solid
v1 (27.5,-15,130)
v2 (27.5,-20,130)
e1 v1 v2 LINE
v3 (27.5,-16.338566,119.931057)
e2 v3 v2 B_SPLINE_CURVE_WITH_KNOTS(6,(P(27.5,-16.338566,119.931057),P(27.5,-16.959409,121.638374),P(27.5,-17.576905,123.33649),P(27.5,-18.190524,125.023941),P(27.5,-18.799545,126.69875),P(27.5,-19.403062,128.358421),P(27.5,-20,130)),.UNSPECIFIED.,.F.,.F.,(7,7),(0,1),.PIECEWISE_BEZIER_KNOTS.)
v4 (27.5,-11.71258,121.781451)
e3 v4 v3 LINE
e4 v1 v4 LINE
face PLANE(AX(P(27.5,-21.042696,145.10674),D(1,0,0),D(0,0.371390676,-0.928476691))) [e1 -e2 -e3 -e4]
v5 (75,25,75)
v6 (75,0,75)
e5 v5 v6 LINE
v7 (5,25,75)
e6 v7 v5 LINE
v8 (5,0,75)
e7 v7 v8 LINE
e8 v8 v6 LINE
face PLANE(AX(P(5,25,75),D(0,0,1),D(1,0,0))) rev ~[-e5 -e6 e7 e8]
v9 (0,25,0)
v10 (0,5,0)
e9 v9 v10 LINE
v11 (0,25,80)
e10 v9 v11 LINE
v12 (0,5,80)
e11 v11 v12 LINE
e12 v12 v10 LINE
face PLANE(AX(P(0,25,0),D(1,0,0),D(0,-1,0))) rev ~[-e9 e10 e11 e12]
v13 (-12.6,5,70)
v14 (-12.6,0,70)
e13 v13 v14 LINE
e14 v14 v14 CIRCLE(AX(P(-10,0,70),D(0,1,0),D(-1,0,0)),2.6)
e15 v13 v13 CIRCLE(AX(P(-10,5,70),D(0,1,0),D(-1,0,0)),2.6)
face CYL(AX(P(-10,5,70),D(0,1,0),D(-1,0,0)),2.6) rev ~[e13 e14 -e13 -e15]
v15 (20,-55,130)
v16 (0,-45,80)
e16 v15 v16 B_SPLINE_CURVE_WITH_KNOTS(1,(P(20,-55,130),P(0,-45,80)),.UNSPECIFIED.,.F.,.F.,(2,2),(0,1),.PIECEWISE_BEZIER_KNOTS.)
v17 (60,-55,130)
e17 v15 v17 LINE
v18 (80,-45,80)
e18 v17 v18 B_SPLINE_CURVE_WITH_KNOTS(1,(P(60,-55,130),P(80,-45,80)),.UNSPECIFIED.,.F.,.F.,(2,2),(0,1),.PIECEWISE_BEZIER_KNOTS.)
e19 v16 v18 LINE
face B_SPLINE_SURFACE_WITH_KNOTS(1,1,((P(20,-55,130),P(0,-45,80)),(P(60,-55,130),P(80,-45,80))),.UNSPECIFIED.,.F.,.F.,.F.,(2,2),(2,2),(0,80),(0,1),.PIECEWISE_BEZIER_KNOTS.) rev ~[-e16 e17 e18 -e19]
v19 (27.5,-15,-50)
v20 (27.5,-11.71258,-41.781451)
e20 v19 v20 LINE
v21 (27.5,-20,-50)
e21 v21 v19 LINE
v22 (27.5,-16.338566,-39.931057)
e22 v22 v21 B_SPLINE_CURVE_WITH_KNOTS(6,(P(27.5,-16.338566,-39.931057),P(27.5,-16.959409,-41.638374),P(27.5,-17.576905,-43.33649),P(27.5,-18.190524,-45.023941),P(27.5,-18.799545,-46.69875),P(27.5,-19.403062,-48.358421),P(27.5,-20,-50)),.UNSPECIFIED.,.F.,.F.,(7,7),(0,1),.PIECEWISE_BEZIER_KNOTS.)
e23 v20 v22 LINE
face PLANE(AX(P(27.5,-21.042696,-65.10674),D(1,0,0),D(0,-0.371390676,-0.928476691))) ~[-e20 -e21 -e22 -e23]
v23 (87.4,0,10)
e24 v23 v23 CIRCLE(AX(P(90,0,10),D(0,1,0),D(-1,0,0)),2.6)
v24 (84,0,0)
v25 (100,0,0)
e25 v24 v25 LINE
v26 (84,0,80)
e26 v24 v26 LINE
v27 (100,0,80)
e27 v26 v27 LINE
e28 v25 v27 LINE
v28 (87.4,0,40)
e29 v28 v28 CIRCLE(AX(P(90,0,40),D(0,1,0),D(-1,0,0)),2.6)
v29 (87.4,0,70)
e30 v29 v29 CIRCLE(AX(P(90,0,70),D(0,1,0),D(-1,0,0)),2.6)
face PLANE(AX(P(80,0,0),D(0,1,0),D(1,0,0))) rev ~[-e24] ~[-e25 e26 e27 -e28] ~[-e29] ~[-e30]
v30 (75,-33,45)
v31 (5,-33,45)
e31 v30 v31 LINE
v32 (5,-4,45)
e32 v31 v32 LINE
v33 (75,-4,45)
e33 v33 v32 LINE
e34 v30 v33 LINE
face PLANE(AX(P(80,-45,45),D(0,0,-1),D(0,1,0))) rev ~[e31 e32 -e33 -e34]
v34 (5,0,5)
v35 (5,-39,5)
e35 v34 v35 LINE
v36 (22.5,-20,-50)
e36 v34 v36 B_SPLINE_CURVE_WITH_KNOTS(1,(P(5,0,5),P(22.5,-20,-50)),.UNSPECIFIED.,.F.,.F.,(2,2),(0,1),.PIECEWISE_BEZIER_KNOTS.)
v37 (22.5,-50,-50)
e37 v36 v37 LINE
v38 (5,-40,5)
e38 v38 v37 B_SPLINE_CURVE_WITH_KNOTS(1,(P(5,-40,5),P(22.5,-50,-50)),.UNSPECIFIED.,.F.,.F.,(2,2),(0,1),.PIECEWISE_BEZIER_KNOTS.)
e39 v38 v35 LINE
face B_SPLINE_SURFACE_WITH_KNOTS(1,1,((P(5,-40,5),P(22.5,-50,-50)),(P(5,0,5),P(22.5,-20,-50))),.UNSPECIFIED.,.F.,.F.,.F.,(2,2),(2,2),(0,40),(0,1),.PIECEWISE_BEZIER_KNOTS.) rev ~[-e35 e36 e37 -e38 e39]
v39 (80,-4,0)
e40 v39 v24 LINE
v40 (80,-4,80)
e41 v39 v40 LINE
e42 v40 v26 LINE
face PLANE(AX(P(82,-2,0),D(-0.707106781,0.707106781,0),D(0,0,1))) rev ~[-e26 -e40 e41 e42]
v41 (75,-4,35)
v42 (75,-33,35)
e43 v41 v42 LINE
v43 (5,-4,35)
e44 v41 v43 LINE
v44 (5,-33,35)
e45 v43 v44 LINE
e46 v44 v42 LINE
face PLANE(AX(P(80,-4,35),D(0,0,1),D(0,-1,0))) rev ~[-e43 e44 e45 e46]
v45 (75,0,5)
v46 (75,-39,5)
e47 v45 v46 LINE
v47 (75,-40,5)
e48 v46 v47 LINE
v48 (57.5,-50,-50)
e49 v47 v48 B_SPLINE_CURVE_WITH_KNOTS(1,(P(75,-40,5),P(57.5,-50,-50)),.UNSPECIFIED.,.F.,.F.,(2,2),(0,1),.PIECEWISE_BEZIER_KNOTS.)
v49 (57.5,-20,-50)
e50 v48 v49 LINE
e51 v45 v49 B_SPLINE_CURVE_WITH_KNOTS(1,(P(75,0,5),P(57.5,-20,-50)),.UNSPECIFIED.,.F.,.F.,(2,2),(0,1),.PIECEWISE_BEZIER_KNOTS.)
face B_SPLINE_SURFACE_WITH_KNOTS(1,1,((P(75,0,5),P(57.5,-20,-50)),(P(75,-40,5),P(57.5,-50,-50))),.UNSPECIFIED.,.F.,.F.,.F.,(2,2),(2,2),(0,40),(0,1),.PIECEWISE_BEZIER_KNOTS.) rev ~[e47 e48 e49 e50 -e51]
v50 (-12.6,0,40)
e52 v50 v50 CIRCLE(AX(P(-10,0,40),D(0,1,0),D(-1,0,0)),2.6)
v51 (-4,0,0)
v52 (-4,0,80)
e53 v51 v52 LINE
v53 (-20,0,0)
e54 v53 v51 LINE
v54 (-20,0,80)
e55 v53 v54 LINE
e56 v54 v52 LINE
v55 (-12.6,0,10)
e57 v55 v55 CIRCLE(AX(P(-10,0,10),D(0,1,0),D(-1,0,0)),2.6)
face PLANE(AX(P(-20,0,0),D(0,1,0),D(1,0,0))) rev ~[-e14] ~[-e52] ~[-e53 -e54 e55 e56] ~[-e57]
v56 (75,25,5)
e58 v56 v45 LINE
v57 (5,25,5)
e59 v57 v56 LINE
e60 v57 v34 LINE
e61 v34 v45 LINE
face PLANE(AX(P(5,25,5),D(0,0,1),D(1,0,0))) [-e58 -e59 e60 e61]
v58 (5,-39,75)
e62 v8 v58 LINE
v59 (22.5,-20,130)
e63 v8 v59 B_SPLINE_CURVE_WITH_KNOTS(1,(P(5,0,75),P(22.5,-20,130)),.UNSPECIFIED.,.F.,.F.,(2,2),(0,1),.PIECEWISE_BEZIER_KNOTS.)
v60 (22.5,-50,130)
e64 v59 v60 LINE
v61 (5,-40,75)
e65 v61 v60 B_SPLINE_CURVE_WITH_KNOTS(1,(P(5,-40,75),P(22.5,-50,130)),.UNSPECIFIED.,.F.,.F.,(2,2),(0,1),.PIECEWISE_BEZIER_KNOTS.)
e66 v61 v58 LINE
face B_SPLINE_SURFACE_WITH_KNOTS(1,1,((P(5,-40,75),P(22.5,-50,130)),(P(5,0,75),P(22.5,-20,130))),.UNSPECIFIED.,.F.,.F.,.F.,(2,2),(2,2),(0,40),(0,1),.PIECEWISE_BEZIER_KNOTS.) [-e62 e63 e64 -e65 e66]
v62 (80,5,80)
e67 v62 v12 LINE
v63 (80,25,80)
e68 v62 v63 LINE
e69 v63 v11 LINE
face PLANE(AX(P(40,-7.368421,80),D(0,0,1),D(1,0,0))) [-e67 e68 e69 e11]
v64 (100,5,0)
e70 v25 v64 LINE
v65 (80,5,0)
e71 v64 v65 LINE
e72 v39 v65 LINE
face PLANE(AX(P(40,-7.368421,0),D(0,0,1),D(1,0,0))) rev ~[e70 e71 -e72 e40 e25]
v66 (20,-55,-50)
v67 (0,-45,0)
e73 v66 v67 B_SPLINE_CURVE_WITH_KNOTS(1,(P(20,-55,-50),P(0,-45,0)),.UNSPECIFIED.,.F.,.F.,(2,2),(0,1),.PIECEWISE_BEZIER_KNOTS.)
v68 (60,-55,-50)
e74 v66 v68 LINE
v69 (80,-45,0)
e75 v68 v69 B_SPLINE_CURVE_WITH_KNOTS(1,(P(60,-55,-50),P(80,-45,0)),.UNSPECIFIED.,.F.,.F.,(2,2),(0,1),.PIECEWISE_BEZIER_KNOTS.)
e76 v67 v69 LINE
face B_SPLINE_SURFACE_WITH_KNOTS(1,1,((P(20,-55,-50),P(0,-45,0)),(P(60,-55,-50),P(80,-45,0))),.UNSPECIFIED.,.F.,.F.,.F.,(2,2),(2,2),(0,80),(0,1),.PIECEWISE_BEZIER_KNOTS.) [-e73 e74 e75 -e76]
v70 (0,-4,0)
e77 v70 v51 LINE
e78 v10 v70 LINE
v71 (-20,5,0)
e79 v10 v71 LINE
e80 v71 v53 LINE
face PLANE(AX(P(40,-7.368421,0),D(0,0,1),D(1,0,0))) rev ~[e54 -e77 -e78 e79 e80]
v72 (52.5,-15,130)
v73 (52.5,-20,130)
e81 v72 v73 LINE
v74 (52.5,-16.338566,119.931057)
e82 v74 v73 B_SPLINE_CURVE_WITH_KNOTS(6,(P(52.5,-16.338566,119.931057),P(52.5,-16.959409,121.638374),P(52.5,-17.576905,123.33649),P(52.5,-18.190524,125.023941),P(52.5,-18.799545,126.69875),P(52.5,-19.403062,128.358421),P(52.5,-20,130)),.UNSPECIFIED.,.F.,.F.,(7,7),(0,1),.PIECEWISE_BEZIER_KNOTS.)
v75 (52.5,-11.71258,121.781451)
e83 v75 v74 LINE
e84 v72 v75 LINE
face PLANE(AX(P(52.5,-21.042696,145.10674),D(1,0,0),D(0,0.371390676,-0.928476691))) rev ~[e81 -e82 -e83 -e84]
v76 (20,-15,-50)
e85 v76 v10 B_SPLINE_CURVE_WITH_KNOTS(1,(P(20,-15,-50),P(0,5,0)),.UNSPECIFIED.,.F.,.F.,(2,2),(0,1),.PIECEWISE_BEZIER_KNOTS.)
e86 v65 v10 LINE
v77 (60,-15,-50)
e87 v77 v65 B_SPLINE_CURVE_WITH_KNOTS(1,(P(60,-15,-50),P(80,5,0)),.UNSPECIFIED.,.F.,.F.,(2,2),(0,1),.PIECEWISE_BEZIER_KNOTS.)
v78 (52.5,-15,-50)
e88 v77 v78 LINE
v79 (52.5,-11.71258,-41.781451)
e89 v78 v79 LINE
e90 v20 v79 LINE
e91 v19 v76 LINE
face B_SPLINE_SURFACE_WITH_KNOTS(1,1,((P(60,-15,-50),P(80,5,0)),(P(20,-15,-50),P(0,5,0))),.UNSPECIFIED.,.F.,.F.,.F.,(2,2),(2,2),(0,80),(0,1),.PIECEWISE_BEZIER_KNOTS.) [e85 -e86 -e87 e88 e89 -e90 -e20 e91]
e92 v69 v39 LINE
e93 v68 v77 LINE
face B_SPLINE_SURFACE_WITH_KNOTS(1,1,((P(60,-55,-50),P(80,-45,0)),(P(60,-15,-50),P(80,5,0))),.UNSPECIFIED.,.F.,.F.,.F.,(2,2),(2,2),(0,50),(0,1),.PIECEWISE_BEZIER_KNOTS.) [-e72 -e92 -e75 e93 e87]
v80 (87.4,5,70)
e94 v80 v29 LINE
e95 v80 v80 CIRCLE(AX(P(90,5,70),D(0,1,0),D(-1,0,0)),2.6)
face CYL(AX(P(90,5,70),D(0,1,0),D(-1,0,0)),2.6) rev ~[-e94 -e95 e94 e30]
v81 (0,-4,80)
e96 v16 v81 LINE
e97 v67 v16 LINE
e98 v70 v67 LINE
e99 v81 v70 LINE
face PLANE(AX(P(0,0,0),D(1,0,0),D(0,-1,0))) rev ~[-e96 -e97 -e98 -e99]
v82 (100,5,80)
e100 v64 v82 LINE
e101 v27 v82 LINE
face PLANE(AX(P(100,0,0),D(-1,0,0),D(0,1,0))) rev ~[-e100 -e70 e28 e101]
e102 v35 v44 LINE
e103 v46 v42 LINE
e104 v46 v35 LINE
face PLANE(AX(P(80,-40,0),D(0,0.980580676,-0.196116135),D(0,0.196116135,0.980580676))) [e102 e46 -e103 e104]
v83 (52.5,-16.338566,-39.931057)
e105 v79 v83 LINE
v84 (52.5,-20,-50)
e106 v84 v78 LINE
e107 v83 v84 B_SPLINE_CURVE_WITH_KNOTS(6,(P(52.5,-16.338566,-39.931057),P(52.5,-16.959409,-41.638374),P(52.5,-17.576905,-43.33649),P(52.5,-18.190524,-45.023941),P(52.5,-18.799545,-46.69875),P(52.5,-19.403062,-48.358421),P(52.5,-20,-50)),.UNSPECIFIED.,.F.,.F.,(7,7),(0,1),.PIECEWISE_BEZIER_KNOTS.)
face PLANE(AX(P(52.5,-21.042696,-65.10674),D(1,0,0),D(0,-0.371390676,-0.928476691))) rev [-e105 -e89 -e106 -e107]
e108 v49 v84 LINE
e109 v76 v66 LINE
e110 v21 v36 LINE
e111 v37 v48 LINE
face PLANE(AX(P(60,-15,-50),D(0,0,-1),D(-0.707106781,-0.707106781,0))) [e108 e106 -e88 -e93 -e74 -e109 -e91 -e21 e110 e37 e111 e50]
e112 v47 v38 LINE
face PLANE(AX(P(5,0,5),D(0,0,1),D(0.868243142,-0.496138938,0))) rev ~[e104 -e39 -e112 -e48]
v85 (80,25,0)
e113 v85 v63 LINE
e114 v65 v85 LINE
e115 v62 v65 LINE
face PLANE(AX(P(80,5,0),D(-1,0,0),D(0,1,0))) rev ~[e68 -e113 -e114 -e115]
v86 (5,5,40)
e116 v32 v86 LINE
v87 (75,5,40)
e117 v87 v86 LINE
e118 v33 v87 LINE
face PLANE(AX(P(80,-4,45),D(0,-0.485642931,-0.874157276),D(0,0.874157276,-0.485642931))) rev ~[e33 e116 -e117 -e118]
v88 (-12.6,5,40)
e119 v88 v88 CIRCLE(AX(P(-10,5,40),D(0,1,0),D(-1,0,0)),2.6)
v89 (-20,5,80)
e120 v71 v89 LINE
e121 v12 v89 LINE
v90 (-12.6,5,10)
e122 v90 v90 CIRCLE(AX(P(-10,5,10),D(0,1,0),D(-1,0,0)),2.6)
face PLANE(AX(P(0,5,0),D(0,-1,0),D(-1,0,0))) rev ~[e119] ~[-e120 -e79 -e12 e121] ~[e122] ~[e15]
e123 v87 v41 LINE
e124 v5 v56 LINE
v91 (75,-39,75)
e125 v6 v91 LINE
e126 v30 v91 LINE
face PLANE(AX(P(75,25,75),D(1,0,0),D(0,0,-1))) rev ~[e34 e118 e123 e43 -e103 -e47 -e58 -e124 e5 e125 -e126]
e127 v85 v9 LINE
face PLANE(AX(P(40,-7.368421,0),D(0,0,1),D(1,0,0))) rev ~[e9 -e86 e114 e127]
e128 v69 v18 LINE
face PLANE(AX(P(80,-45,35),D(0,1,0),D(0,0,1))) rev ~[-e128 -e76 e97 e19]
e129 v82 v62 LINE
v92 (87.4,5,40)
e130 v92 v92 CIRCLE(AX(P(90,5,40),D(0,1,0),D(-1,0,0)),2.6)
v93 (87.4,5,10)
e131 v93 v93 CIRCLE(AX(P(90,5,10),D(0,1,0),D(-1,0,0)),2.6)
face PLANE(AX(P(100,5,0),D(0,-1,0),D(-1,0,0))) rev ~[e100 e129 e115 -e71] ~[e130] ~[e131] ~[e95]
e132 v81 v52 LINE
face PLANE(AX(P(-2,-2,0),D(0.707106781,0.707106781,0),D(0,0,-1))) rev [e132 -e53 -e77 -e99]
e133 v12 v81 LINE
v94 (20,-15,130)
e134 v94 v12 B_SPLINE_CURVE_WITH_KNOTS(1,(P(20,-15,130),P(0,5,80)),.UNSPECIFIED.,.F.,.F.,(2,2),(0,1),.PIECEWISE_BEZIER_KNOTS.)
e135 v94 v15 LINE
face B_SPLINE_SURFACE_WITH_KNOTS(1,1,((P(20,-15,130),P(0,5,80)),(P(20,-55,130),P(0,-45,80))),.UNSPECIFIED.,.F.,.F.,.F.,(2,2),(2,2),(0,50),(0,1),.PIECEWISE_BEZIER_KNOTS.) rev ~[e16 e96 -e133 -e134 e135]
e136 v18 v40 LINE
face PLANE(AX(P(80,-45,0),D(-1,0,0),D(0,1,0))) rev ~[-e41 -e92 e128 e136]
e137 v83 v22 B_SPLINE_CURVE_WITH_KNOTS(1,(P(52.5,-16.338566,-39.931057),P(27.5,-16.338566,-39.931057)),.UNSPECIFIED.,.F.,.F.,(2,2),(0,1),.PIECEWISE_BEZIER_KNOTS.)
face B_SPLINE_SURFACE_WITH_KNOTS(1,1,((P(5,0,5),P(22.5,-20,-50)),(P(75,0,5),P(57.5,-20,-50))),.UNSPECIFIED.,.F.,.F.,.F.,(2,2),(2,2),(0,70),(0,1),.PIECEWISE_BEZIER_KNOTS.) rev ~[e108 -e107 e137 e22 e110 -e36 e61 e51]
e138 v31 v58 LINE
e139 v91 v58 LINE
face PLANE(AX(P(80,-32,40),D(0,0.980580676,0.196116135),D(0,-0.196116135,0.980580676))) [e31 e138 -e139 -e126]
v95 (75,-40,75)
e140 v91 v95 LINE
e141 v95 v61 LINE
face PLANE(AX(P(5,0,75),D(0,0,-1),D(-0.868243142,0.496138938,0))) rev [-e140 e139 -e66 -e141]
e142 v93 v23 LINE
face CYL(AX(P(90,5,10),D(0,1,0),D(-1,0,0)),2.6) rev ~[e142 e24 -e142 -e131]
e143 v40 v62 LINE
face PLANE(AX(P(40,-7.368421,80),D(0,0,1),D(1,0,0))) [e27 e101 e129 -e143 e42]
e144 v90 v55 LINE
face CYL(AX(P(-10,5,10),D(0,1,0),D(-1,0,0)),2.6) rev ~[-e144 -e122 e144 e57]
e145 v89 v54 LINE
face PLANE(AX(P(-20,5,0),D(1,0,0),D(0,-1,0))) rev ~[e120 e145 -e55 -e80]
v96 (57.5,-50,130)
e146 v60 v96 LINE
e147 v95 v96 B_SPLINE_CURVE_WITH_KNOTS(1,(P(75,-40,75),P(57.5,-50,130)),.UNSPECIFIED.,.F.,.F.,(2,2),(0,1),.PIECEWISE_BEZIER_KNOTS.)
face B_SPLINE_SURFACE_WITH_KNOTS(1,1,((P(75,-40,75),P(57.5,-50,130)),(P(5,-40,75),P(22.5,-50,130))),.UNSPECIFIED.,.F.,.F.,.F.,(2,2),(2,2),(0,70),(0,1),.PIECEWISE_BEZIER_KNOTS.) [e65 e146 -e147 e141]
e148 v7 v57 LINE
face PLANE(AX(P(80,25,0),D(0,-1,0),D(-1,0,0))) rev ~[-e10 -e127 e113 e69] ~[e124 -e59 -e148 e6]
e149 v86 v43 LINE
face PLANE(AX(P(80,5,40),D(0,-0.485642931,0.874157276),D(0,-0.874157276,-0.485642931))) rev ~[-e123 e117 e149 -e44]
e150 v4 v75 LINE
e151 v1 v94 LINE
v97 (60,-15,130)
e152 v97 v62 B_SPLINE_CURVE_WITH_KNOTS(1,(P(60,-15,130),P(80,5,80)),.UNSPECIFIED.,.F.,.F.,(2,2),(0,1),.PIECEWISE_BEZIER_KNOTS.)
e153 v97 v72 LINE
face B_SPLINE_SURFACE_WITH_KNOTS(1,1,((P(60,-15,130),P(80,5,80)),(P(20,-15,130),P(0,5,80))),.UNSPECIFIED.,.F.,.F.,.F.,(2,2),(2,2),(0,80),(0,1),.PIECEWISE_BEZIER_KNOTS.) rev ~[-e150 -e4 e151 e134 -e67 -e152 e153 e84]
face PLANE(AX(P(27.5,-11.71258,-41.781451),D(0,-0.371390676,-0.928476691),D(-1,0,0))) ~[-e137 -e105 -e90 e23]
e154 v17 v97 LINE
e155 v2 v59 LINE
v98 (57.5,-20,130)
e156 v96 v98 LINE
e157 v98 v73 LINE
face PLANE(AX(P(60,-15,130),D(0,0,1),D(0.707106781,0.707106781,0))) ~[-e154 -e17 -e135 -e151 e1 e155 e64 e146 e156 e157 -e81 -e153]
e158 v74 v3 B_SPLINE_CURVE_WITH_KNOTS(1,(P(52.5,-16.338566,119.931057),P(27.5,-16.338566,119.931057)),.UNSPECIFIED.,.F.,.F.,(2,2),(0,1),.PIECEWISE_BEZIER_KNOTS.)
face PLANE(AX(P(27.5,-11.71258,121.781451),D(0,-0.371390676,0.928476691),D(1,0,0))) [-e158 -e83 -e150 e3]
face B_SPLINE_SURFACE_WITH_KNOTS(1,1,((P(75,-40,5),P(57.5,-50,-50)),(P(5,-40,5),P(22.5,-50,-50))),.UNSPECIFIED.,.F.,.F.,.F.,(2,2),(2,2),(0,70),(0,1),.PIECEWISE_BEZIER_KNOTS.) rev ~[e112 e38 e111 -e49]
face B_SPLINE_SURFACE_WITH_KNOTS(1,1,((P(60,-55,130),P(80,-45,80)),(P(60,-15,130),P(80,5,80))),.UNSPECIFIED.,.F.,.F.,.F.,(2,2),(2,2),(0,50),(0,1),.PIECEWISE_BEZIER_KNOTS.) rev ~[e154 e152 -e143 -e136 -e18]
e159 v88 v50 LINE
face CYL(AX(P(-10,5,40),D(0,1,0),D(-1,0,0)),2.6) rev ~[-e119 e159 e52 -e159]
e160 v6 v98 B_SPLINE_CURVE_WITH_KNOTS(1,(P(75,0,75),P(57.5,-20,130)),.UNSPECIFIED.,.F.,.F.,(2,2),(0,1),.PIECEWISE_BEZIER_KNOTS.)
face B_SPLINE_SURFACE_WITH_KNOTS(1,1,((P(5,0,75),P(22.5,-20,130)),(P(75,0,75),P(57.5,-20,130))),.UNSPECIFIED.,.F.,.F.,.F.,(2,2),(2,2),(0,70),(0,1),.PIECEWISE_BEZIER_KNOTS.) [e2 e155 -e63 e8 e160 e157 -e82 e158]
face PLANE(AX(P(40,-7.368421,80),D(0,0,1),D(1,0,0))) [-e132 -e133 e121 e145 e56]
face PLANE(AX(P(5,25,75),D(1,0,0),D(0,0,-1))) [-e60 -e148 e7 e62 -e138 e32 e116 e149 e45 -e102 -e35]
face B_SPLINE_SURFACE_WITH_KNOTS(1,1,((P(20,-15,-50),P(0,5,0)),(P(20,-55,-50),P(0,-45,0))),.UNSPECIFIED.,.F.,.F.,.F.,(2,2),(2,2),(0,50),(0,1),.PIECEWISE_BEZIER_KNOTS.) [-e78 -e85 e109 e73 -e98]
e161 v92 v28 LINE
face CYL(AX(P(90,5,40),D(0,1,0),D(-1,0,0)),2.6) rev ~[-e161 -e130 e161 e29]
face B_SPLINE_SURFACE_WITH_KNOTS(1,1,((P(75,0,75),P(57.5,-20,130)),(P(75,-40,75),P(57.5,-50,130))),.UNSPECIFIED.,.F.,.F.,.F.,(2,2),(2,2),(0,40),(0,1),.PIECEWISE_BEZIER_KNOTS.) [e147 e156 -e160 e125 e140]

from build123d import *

# Parameters (mm, degrees)
EXTRUDE_1_DEPTH     = 80
SKETCH_4_R          = 2.6
CUT_EXTRUDE_2_DEPTH = 150
CHAMFER_1_SIZE      = 4
CHAMFER_2_SIZE      = 4
SKETCH_8_W          = 70
SKETCH_8_H          = 70
CUT_EXTRUDE_3_DEPTH = 70
EXTRUDE_3_DEPTH     = 80
EXTRUDE_4_DEPTH     = 80
SKETCH_25_W         = 25
SKETCH_25_H         = 25.122105301
CUT_EXTRUDE_8_DEPTH = 20


with BuildPart() as part:
    # 草图2 → 凸台-拉伸1 (new body)
    with BuildSketch(Plane.XY):
        Polygon((0, 0), (0, -45), (80, -45), (80, 0), (100, 0), (100, 5), (80, 5), (80, 25), (0, 25), (0, 5), (-20, 5), (-20, 0), align=None)
    extrude(amount=EXTRUDE_1_DEPTH)

    # 草图4 → 切除-拉伸2 (cut)
    with BuildSketch(Plane(origin=(0, 5, 0), x_dir=(1, 0, 0), z_dir=(0, 1, 0))):
        with Locations(Location((-10, -40, 0), (0, 0, 180))):
            Circle(SKETCH_4_R)
        with Locations(Location((-10, -70, 0), (0, 0, 180))):
            Circle(SKETCH_4_R)
        with Locations(Location((-10, -10, 0), (0, 0, 180))):
            Circle(SKETCH_4_R)
        with Locations(Location((90, -10, 0), (0, 0, 180))):
            Circle(SKETCH_4_R)
        with Locations(Location((90, -40, 0), (0, 0, 180))):
            Circle(SKETCH_4_R)
        with Locations(Location((90, -70, 0), (0, 0, 180))):
            Circle(SKETCH_4_R)
    extrude(amount=-CUT_EXTRUDE_2_DEPTH, mode=Mode.SUBTRACT)

    # 倒角1
    chamfer_1_edges = [part.edges().sort_by_distance(p)[0] for p in [
        (80, 0, 40),
    ]]
    chamfer(chamfer_1_edges, length=CHAMFER_1_SIZE)

    # 倒角2
    chamfer_2_edges = [part.edges().sort_by_distance(p)[0] for p in [
        (0, 0, 40),
    ]]
    chamfer(chamfer_2_edges, length=CHAMFER_2_SIZE)

    # 草图8 → 切除-拉伸3 (cut)
    with BuildSketch(Plane(origin=(0, 25, 0), x_dir=(1, 0, 0), z_dir=(0, 1, 0))):
        with Locations((40, -40)):
            Rectangle(SKETCH_8_W, SKETCH_8_H)
    extrude(amount=-CUT_EXTRUDE_3_DEPTH, mode=Mode.SUBTRACT)

    # 草图19 → 放样3 section 0
    with BuildSketch(Plane(origin=(0, 0, -50), x_dir=(-1, 0, 0), z_dir=(0, 0, -1))):
        with BuildLine():
            Line((-60, -15), (-20, -15))
            Line((-20, -15), (-20, -55))
            Line((-20, -55), (-60, -55))
            Line((-60, -55), (-60, -15))
        make_face()
    # 草图17 → 放样3 section 1
    with BuildSketch(Plane(origin=(0, 0, 0), x_dir=(-1, 0, 0), z_dir=(0, 0, -1))):
        with BuildLine():
            Line((-80, 5), (0, 5))
            Line((0, 5), (0, -45))
            Line((0, -45), (-80, -45))
            Line((-80, -45), (-80, 5))
        make_face()
    loft_3 = loft()

    # 草图22 → 凸台-拉伸3 (add)
    with BuildSketch(Plane(origin=(80, 0, 0), x_dir=(0, 0, -1), z_dir=(1, 0, 0))):
        Polygon((-80, -45), (0, -45), (0, -40), (-40, -32), (-80, -40), align=None)
    extrude(amount=-EXTRUDE_3_DEPTH)

    # 草图20 → 切除-放样6 section 0
    with BuildSketch(Plane.XY.offset(5)):
        with BuildLine():
            Line((5, 0), (75, 0))
            Line((75, 0), (75, -40))
            Line((75, -40), (5, -40))
            Line((5, -40), (5, 0))
        make_face()
    # 草图21 → 切除-放样6 section 1
    with BuildSketch(Plane(origin=(0, 0, -50), x_dir=(-1, 0, 0), z_dir=(0, 0, -1))):
        with BuildLine():
            Line((-57.5, -20), (-22.5, -20))
            Line((-22.5, -20), (-22.5, -50))
            Line((-22.5, -50), (-57.5, -50))
            Line((-57.5, -50), (-57.5, -20))
        make_face()
    loft_6 = loft(mode=Mode.SUBTRACT)

    # 镜向1: 放样3, 切除-放样6 across plane
    add(loft_3.mirror(Plane.XY.offset(40)))
    add(loft_6.mirror(Plane.XY.offset(40)), mode=Mode.SUBTRACT)

    # 草图23 → 凸台-拉伸4 (add)
    with BuildSketch(Plane(origin=(80, 0, 0), x_dir=(0, 0, -1), z_dir=(1, 0, 0))):
        Polygon((-45, -45), (-45, -4), (-40, 5), (-35, -4), (-35, -45), align=None)
    extrude(amount=-EXTRUDE_4_DEPTH)

    # 草图25 → 切除-拉伸8 (cut)
    with BuildSketch(Plane(origin=(0, 31.896551724, 12.75862069), x_dir=(1, 0, 0), z_dir=(0, 0.9284766908852594, 0.3713906763541038))):
        with Locations((40, -129.98223454)):
            Rectangle(SKETCH_25_W, SKETCH_25_H)
    cut_extrude_8 = extrude(amount=-CUT_EXTRUDE_8_DEPTH, mode=Mode.SUBTRACT)

    # 镜向2: 切除-拉伸8 across plane
    add(cut_extrude_8.mirror(Plane.XY.offset(40)), mode=Mode.SUBTRACT)


solid = part.part
